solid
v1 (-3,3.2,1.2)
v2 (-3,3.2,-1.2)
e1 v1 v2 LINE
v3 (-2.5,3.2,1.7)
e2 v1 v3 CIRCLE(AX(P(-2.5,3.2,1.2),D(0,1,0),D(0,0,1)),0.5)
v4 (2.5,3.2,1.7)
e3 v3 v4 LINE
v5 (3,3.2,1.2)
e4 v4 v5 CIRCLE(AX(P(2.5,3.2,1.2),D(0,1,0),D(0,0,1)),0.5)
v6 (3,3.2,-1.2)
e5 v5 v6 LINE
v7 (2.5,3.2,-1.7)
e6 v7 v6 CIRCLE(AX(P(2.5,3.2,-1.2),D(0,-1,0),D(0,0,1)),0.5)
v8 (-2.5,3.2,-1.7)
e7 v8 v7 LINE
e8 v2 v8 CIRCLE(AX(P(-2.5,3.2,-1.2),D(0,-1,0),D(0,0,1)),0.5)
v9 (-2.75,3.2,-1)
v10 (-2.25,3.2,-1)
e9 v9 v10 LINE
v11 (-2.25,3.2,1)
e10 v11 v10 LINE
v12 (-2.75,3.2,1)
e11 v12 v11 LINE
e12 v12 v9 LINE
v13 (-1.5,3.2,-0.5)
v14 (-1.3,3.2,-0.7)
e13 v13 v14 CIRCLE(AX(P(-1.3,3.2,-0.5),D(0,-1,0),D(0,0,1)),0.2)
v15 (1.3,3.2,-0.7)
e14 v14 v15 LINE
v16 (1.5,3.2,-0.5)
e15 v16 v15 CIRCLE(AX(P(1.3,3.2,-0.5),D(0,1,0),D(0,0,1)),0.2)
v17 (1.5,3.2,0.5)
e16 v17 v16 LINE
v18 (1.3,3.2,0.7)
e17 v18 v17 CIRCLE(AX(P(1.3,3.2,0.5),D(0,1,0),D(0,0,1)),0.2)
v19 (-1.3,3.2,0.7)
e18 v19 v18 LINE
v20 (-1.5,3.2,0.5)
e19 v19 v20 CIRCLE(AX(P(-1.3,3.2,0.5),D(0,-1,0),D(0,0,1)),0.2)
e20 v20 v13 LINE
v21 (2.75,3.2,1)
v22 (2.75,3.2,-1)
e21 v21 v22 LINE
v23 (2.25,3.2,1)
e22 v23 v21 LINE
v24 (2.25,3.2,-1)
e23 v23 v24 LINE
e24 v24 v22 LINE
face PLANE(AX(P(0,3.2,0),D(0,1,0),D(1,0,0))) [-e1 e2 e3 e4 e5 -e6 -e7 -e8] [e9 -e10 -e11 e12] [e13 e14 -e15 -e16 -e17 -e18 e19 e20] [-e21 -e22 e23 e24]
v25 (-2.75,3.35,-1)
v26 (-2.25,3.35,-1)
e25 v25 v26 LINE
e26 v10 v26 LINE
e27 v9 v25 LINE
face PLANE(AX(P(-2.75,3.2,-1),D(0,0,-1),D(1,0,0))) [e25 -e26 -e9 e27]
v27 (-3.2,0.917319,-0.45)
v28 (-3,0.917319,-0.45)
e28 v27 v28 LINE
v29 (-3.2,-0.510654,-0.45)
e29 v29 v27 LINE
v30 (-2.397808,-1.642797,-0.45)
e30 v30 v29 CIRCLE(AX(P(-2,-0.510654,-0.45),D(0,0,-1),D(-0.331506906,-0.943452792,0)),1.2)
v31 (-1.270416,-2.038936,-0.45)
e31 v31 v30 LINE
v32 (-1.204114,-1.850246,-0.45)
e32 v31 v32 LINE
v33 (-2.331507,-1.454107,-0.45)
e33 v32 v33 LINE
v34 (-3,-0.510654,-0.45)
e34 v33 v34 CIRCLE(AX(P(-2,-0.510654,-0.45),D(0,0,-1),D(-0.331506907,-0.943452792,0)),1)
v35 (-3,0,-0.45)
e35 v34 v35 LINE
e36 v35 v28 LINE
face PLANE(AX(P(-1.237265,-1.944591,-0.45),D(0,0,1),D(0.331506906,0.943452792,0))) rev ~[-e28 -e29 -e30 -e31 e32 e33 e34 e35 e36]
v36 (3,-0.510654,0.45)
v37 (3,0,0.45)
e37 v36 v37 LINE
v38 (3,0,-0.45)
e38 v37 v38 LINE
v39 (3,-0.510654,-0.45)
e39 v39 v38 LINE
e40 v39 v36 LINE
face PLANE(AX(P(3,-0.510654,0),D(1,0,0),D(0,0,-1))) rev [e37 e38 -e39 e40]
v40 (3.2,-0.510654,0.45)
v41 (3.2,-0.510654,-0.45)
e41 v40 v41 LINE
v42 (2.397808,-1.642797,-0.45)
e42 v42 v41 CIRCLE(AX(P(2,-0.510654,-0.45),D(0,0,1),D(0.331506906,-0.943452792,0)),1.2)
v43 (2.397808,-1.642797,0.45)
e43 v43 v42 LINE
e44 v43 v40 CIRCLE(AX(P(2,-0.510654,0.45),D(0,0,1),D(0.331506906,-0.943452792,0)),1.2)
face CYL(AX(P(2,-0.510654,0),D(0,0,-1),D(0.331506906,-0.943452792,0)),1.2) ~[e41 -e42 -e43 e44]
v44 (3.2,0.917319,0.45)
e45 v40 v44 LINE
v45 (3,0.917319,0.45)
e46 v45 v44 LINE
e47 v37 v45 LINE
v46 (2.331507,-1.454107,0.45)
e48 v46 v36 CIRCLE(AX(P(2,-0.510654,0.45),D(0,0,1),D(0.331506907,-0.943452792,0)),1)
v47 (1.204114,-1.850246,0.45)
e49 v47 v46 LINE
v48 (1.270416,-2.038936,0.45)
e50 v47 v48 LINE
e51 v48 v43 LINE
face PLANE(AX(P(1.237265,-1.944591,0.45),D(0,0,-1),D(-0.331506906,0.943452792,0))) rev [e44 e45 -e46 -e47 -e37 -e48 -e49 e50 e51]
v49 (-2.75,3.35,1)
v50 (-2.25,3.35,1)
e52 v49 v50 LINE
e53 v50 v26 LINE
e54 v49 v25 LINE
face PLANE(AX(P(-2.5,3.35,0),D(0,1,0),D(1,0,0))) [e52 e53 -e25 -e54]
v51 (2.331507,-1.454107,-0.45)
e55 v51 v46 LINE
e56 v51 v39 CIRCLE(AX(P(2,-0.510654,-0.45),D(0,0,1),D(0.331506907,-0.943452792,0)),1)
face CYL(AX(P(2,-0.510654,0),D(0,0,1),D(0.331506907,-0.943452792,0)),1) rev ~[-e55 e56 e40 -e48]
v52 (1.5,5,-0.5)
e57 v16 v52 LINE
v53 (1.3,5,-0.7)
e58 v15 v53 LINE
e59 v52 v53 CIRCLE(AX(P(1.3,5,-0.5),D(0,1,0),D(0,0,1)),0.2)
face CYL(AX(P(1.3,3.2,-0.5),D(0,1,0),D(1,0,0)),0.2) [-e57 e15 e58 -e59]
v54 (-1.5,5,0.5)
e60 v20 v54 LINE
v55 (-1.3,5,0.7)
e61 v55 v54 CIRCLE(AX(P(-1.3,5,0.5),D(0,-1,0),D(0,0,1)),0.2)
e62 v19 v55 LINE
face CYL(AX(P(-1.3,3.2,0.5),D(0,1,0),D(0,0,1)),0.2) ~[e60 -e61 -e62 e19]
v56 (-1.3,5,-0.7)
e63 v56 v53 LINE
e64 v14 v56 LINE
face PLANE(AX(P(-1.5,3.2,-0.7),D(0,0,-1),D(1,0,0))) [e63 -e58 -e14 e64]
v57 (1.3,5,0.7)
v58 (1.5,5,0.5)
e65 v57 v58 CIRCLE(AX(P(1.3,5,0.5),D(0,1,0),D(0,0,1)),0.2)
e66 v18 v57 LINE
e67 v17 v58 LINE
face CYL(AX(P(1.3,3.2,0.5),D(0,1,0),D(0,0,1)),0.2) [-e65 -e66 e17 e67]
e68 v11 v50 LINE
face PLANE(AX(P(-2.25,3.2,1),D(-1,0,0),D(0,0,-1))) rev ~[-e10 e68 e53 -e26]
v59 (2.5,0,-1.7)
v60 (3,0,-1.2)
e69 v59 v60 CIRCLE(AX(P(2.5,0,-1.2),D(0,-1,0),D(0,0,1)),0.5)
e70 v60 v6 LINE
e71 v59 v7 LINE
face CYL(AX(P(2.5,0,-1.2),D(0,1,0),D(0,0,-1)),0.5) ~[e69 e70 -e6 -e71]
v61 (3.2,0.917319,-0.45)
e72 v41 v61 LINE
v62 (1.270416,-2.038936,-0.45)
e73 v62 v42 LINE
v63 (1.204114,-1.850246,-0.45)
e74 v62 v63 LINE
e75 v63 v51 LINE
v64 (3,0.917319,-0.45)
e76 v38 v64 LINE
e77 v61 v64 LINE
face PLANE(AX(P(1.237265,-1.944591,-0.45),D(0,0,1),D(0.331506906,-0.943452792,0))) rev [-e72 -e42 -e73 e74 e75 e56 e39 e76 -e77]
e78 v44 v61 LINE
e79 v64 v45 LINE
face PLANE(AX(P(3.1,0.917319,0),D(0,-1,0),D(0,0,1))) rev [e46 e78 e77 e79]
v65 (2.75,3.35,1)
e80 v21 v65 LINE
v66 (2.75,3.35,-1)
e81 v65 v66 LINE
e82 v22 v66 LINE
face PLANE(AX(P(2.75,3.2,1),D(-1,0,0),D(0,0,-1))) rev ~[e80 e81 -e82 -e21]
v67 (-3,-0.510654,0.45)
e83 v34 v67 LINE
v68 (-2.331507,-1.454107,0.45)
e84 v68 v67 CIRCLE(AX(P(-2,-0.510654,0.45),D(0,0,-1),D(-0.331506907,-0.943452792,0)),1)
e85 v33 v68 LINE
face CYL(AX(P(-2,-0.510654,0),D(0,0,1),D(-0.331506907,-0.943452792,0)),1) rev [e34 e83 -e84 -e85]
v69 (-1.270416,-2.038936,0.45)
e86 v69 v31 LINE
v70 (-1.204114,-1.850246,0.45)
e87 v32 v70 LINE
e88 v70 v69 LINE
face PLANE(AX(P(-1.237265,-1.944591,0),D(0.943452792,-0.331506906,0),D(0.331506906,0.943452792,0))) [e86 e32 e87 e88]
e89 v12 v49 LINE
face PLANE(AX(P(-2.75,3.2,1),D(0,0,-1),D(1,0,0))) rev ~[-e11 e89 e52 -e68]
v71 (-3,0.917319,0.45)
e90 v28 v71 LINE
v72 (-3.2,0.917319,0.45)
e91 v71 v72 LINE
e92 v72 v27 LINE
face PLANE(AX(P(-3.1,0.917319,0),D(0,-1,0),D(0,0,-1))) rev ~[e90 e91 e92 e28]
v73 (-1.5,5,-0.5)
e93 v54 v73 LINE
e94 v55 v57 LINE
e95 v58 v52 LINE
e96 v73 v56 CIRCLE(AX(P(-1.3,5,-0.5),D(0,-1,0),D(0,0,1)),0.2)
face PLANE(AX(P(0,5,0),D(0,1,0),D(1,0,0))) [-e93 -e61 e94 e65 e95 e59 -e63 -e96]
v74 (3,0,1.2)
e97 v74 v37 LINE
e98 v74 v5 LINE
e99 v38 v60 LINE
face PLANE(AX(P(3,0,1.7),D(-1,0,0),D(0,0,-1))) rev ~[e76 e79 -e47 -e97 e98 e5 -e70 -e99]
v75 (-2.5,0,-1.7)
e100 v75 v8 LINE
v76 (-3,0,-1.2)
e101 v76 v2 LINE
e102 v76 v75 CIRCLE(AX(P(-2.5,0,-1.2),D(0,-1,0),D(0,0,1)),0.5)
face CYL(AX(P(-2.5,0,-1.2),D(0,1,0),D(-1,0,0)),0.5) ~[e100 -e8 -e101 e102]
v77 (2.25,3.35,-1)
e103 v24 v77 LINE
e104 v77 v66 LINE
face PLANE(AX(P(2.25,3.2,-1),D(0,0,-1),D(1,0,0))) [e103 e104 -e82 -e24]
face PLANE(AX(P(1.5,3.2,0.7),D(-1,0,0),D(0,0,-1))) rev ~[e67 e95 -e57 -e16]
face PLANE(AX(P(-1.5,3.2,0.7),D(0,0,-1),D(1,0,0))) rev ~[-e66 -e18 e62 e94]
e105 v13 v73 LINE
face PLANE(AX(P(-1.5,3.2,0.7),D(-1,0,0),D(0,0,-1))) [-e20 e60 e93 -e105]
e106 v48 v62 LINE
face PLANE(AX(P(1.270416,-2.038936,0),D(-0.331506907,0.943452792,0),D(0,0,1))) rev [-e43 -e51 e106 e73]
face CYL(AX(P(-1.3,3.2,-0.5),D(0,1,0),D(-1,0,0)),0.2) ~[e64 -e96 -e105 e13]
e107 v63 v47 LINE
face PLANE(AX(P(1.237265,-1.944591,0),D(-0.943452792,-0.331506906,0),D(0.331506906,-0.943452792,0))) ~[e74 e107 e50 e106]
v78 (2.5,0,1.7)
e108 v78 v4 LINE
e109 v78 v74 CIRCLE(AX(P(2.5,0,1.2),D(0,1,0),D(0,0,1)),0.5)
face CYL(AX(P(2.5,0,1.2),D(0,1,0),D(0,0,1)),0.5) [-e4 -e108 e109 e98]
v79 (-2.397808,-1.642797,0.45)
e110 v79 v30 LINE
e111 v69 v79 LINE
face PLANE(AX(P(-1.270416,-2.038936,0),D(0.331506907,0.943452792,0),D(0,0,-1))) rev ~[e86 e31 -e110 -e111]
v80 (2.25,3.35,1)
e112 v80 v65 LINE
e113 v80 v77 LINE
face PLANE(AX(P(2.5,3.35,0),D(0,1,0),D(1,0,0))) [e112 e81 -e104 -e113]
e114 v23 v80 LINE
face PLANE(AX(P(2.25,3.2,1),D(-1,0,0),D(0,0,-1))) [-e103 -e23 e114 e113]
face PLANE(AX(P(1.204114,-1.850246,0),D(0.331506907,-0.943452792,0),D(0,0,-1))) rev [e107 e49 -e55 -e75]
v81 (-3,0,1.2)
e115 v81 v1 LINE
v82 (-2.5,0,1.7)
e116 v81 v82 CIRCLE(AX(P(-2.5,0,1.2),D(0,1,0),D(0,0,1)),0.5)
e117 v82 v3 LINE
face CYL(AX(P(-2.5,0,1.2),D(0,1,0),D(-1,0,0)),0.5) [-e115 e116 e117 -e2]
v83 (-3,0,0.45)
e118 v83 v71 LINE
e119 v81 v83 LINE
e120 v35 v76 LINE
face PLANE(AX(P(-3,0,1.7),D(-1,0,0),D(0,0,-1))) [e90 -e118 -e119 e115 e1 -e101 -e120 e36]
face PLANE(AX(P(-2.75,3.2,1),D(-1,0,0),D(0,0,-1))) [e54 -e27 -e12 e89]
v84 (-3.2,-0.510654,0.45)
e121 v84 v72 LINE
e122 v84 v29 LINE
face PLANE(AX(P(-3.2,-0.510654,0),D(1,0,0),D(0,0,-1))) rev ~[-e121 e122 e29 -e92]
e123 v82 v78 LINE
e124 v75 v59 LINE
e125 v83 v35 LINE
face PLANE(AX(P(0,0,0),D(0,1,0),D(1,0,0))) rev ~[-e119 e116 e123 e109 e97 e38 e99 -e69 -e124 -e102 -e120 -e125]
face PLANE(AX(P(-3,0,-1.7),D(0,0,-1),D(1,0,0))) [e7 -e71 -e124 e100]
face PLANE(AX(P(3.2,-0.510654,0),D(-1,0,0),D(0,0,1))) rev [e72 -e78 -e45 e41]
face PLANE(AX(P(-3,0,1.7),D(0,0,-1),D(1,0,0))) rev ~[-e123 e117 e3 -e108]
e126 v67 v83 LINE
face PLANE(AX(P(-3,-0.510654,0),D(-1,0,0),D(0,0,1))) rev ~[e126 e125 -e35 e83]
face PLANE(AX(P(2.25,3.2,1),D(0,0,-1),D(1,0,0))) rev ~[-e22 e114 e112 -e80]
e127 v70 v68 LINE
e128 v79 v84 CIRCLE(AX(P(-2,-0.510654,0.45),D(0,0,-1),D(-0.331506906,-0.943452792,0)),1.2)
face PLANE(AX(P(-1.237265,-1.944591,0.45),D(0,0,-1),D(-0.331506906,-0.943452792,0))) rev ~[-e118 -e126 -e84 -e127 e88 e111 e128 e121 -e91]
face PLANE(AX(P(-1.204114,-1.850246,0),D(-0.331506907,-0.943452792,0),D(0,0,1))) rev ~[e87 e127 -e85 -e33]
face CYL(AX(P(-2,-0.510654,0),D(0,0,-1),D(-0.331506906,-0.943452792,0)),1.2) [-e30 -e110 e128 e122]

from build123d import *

# Parameters (mm, degrees)
SKETCH1_W           = 6
SKETCH1_H           = 3.4
BOSS_EXTRUDE1_DEPTH = 3.2
SKETCH2_W           = 3
SKETCH2_H           = 1.4
BOSS_EXTRUDE2_DEPTH = 1.8
SKETCH2_3_W         = 0.5
SKETCH2_3_H         = 2
BOSS_EXTRUDE3_DEPTH = 0.15
FILLET1_R           = 0.2
FILLET3_R           = 0.5
SKETCH3_W           = 0.2
SKETCH3_H           = 0.9


with BuildPart() as part:
    # Sketch1 → Boss-Extrude1 (new body)
    with BuildSketch(Plane(origin=(0, 0, 0), x_dir=(1, 0, 0), z_dir=(0, 1, 0))):
        Rectangle(SKETCH1_W, SKETCH1_H)
    extrude(amount=BOSS_EXTRUDE1_DEPTH)

    # Sketch2 → Boss-Extrude2 (add)
    with BuildSketch(Plane(origin=(0, 3.2, 0), x_dir=(1, 0, 0), z_dir=(0, 1, 0))):
        Rectangle(SKETCH2_W, SKETCH2_H)
    extrude(amount=BOSS_EXTRUDE2_DEPTH)

    # Sketch2<3> → Boss-Extrude3 (add)
    with BuildSketch(Plane(origin=(0, 3.2, 0), x_dir=(1, 0, 0), z_dir=(0, 1, 0))):
        with Locations((-2.5, 0)):
            Rectangle(SKETCH2_3_W, SKETCH2_3_H)
        with Locations((2.5, 0)):
            Rectangle(SKETCH2_3_W, SKETCH2_3_H)
    extrude(amount=BOSS_EXTRUDE3_DEPTH)

    # Fillet1
    fillet1_edges = [part.edges().sort_by_distance(p)[0] for p in [
        (-1.5, 4.1, -0.7),
        (-1.5, 4.1, 0.7),
        (1.5, 4.1, 0.7),
        (1.5, 4.1, -0.7),
    ]]
    fillet(fillet1_edges, radius=FILLET1_R)

    # Fillet3
    fillet3_edges = [part.edges().sort_by_distance(p)[0] for p in [
        (-3, 1.6, -1.7),
        (3, 1.6, -1.7),
        (3, 1.6, 1.7),
        (-3, 1.6, 1.7),
    ]]
    fillet(fillet3_edges, radius=FILLET3_R)

    # Sweep1: sweep along a path in Sketch4
    with BuildLine(Plane.XY) as sweep1_path:
        Line((-1.204114161, -1.850245601), (-2.331506907, -1.454106562))
        ThreePointArc((-2.331506907, -1.454106562), (-2.815937163, -1.088794364), (-3, -0.51065377))
        Line((-3, -0.51065377), (-3, 0))
        Line((-3, 0), (-3, 0.917319166))
    # Sketch3 → Sweep1 (sweep)
    with BuildSketch(Plane.XZ):
        with Locations((-3.1, 0)):
            Rectangle(SKETCH3_W, SKETCH3_H)
    sweep1 = sweep(path=sweep1_path.line)

    # Mirror1: Sweep1 across plane
    add(sweep1.mirror(Plane(origin=(0, 0, 0), x_dir=(0, 0, 1), z_dir=(1, 0, 0))))


solid = part.part
